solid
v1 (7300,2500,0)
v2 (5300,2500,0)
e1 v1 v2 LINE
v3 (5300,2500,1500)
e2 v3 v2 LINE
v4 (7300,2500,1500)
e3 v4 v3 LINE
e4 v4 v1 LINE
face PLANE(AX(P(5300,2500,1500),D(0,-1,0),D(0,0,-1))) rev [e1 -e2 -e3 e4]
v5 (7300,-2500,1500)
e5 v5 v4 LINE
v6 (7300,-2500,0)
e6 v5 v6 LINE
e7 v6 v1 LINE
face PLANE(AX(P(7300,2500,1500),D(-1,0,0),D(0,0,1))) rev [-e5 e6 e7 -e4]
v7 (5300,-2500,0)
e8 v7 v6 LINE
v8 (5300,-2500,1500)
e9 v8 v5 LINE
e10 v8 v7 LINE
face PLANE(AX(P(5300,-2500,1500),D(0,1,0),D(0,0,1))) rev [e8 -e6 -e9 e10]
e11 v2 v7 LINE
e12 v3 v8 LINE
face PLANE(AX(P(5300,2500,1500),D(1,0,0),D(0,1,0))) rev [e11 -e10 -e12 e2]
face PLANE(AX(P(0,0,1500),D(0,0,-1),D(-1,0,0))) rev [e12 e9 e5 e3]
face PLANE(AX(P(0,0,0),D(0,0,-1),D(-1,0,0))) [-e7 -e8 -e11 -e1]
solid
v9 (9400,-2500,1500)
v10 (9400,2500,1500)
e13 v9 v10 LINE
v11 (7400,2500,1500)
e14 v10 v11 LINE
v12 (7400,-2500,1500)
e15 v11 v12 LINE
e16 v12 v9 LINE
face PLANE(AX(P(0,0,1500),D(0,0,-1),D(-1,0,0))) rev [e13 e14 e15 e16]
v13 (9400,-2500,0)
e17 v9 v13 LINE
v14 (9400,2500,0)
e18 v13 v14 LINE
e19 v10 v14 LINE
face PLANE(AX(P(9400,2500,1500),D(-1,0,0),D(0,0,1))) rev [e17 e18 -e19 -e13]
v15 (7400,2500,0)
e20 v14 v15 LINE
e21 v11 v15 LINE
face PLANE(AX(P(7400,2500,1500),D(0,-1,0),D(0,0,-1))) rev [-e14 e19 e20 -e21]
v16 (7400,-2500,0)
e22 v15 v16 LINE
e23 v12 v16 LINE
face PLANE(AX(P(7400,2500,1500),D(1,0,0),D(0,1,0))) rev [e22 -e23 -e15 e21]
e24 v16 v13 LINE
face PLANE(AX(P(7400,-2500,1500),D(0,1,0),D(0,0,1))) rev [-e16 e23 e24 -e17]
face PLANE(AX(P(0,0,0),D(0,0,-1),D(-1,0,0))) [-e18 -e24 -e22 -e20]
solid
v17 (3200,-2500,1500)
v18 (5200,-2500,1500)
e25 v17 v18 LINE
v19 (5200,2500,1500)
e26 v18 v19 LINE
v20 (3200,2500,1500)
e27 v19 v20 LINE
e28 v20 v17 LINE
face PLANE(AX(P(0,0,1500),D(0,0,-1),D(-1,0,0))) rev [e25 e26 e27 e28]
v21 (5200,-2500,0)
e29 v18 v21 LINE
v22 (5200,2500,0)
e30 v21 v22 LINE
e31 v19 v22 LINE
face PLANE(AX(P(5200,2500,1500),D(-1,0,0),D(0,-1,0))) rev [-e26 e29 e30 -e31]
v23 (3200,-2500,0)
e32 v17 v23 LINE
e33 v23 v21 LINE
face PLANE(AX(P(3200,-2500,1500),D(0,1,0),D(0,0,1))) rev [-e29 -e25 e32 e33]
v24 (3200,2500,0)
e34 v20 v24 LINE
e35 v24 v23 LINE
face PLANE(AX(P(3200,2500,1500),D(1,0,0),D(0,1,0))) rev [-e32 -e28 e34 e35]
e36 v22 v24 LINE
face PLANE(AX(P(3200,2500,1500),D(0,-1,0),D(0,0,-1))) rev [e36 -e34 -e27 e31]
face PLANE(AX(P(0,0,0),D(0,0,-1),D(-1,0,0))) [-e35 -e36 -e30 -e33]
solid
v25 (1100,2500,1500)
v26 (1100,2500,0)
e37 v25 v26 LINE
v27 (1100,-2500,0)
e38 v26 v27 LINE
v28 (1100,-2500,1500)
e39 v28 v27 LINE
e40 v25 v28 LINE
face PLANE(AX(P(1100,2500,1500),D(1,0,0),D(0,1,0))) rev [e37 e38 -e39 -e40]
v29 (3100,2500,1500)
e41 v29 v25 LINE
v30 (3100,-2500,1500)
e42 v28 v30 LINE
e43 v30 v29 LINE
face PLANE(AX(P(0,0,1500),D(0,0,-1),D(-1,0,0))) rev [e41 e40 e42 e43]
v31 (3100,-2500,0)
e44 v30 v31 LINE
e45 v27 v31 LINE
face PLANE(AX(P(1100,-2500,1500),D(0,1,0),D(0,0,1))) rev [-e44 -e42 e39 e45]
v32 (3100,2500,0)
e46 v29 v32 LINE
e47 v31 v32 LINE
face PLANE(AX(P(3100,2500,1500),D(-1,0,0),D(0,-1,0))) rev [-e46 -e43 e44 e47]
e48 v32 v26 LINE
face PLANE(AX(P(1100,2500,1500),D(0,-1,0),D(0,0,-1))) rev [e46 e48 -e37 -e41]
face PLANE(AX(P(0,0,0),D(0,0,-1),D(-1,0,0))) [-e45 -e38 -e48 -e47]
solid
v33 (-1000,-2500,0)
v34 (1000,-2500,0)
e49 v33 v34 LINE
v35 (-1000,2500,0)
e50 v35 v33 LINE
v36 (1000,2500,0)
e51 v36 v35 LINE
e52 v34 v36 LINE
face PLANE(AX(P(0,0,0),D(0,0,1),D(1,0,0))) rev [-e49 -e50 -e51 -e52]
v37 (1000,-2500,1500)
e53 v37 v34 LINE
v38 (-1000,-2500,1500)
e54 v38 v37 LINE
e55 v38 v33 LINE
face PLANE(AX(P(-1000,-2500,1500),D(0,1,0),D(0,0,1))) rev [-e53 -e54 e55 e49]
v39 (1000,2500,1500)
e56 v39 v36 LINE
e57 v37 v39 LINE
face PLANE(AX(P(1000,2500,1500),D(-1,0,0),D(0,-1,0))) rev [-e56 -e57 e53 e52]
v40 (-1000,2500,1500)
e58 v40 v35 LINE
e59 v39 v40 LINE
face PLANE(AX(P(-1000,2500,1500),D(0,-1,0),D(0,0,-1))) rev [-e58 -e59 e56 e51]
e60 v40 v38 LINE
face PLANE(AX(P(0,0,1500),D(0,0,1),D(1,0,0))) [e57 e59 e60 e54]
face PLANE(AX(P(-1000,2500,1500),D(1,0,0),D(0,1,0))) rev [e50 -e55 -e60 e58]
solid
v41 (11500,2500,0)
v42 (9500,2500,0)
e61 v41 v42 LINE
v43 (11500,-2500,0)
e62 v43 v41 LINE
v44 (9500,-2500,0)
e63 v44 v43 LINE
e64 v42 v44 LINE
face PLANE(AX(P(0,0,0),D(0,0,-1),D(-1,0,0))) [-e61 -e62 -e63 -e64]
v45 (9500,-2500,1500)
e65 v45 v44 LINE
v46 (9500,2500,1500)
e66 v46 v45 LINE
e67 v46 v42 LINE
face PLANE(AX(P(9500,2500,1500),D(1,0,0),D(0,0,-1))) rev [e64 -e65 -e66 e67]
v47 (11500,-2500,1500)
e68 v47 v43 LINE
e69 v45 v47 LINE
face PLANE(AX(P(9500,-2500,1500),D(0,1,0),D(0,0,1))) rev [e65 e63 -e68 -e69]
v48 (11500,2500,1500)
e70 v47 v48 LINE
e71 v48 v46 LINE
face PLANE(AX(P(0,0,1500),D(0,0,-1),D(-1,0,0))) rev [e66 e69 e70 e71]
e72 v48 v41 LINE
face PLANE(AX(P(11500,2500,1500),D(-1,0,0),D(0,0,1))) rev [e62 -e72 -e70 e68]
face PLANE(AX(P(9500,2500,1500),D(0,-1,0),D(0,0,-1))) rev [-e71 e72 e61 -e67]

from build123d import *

# Parameters (mm, degrees)
SKETCH2_W             = 2000
SKETCH2_H             = 5000
BOSS_EXTRUDE1_DEPTH   = 1500
BOSS_EXTRUDE1_2_DEPTH = 1500
BOSS_EXTRUDE1_3_DEPTH = 1500
BOSS_EXTRUDE1_4_DEPTH = 1500
BOSS_EXTRUDE1_5_DEPTH = 1500
BOSS_EXTRUDE1_6_DEPTH = 1500


with BuildPart() as part:
    # Sketch2 → Boss-Extrude1 (new body)
    with BuildSketch(Plane.XY):
        with Locations((2100, 0)):
            Rectangle(SKETCH2_W, SKETCH2_H)
    extrude(amount=BOSS_EXTRUDE1_DEPTH)


with BuildPart() as body_2:
    # Sketch2 → Boss-Extrude1 2 (new body)
    with BuildSketch(Plane.XY):
        Rectangle(SKETCH2_W, SKETCH2_H)
    extrude(amount=BOSS_EXTRUDE1_2_DEPTH)


with BuildPart() as body_3:
    # Sketch2 → Boss-Extrude1 3 (new body)
    with BuildSketch(Plane.XY):
        with Locations((4200, 0)):
            Rectangle(SKETCH2_W, SKETCH2_H)
    extrude(amount=BOSS_EXTRUDE1_3_DEPTH)


with BuildPart() as body_4:
    # Sketch2 → Boss-Extrude1 4 (new body)
    with BuildSketch(Plane.XY):
        with Locations((6300, 0)):
            Rectangle(SKETCH2_W, SKETCH2_H)
    extrude(amount=BOSS_EXTRUDE1_4_DEPTH)


with BuildPart() as body_5:
    # Sketch2 → Boss-Extrude1 5 (new body)
    with BuildSketch(Plane.XY):
        with Locations((8400, 0)):
            Rectangle(SKETCH2_W, SKETCH2_H)
    extrude(amount=BOSS_EXTRUDE1_5_DEPTH)


with BuildPart() as body_6:
    # Sketch2 → Boss-Extrude1 6 (new body)
    with BuildSketch(Plane.XY):
        with Locations((10500, 0)):
            Rectangle(SKETCH2_W, SKETCH2_H)
    extrude(amount=BOSS_EXTRUDE1_6_DEPTH)


solid = Compound([part.part, body_2.part, body_3.part, body_4.part, body_5.part, body_6.part])
